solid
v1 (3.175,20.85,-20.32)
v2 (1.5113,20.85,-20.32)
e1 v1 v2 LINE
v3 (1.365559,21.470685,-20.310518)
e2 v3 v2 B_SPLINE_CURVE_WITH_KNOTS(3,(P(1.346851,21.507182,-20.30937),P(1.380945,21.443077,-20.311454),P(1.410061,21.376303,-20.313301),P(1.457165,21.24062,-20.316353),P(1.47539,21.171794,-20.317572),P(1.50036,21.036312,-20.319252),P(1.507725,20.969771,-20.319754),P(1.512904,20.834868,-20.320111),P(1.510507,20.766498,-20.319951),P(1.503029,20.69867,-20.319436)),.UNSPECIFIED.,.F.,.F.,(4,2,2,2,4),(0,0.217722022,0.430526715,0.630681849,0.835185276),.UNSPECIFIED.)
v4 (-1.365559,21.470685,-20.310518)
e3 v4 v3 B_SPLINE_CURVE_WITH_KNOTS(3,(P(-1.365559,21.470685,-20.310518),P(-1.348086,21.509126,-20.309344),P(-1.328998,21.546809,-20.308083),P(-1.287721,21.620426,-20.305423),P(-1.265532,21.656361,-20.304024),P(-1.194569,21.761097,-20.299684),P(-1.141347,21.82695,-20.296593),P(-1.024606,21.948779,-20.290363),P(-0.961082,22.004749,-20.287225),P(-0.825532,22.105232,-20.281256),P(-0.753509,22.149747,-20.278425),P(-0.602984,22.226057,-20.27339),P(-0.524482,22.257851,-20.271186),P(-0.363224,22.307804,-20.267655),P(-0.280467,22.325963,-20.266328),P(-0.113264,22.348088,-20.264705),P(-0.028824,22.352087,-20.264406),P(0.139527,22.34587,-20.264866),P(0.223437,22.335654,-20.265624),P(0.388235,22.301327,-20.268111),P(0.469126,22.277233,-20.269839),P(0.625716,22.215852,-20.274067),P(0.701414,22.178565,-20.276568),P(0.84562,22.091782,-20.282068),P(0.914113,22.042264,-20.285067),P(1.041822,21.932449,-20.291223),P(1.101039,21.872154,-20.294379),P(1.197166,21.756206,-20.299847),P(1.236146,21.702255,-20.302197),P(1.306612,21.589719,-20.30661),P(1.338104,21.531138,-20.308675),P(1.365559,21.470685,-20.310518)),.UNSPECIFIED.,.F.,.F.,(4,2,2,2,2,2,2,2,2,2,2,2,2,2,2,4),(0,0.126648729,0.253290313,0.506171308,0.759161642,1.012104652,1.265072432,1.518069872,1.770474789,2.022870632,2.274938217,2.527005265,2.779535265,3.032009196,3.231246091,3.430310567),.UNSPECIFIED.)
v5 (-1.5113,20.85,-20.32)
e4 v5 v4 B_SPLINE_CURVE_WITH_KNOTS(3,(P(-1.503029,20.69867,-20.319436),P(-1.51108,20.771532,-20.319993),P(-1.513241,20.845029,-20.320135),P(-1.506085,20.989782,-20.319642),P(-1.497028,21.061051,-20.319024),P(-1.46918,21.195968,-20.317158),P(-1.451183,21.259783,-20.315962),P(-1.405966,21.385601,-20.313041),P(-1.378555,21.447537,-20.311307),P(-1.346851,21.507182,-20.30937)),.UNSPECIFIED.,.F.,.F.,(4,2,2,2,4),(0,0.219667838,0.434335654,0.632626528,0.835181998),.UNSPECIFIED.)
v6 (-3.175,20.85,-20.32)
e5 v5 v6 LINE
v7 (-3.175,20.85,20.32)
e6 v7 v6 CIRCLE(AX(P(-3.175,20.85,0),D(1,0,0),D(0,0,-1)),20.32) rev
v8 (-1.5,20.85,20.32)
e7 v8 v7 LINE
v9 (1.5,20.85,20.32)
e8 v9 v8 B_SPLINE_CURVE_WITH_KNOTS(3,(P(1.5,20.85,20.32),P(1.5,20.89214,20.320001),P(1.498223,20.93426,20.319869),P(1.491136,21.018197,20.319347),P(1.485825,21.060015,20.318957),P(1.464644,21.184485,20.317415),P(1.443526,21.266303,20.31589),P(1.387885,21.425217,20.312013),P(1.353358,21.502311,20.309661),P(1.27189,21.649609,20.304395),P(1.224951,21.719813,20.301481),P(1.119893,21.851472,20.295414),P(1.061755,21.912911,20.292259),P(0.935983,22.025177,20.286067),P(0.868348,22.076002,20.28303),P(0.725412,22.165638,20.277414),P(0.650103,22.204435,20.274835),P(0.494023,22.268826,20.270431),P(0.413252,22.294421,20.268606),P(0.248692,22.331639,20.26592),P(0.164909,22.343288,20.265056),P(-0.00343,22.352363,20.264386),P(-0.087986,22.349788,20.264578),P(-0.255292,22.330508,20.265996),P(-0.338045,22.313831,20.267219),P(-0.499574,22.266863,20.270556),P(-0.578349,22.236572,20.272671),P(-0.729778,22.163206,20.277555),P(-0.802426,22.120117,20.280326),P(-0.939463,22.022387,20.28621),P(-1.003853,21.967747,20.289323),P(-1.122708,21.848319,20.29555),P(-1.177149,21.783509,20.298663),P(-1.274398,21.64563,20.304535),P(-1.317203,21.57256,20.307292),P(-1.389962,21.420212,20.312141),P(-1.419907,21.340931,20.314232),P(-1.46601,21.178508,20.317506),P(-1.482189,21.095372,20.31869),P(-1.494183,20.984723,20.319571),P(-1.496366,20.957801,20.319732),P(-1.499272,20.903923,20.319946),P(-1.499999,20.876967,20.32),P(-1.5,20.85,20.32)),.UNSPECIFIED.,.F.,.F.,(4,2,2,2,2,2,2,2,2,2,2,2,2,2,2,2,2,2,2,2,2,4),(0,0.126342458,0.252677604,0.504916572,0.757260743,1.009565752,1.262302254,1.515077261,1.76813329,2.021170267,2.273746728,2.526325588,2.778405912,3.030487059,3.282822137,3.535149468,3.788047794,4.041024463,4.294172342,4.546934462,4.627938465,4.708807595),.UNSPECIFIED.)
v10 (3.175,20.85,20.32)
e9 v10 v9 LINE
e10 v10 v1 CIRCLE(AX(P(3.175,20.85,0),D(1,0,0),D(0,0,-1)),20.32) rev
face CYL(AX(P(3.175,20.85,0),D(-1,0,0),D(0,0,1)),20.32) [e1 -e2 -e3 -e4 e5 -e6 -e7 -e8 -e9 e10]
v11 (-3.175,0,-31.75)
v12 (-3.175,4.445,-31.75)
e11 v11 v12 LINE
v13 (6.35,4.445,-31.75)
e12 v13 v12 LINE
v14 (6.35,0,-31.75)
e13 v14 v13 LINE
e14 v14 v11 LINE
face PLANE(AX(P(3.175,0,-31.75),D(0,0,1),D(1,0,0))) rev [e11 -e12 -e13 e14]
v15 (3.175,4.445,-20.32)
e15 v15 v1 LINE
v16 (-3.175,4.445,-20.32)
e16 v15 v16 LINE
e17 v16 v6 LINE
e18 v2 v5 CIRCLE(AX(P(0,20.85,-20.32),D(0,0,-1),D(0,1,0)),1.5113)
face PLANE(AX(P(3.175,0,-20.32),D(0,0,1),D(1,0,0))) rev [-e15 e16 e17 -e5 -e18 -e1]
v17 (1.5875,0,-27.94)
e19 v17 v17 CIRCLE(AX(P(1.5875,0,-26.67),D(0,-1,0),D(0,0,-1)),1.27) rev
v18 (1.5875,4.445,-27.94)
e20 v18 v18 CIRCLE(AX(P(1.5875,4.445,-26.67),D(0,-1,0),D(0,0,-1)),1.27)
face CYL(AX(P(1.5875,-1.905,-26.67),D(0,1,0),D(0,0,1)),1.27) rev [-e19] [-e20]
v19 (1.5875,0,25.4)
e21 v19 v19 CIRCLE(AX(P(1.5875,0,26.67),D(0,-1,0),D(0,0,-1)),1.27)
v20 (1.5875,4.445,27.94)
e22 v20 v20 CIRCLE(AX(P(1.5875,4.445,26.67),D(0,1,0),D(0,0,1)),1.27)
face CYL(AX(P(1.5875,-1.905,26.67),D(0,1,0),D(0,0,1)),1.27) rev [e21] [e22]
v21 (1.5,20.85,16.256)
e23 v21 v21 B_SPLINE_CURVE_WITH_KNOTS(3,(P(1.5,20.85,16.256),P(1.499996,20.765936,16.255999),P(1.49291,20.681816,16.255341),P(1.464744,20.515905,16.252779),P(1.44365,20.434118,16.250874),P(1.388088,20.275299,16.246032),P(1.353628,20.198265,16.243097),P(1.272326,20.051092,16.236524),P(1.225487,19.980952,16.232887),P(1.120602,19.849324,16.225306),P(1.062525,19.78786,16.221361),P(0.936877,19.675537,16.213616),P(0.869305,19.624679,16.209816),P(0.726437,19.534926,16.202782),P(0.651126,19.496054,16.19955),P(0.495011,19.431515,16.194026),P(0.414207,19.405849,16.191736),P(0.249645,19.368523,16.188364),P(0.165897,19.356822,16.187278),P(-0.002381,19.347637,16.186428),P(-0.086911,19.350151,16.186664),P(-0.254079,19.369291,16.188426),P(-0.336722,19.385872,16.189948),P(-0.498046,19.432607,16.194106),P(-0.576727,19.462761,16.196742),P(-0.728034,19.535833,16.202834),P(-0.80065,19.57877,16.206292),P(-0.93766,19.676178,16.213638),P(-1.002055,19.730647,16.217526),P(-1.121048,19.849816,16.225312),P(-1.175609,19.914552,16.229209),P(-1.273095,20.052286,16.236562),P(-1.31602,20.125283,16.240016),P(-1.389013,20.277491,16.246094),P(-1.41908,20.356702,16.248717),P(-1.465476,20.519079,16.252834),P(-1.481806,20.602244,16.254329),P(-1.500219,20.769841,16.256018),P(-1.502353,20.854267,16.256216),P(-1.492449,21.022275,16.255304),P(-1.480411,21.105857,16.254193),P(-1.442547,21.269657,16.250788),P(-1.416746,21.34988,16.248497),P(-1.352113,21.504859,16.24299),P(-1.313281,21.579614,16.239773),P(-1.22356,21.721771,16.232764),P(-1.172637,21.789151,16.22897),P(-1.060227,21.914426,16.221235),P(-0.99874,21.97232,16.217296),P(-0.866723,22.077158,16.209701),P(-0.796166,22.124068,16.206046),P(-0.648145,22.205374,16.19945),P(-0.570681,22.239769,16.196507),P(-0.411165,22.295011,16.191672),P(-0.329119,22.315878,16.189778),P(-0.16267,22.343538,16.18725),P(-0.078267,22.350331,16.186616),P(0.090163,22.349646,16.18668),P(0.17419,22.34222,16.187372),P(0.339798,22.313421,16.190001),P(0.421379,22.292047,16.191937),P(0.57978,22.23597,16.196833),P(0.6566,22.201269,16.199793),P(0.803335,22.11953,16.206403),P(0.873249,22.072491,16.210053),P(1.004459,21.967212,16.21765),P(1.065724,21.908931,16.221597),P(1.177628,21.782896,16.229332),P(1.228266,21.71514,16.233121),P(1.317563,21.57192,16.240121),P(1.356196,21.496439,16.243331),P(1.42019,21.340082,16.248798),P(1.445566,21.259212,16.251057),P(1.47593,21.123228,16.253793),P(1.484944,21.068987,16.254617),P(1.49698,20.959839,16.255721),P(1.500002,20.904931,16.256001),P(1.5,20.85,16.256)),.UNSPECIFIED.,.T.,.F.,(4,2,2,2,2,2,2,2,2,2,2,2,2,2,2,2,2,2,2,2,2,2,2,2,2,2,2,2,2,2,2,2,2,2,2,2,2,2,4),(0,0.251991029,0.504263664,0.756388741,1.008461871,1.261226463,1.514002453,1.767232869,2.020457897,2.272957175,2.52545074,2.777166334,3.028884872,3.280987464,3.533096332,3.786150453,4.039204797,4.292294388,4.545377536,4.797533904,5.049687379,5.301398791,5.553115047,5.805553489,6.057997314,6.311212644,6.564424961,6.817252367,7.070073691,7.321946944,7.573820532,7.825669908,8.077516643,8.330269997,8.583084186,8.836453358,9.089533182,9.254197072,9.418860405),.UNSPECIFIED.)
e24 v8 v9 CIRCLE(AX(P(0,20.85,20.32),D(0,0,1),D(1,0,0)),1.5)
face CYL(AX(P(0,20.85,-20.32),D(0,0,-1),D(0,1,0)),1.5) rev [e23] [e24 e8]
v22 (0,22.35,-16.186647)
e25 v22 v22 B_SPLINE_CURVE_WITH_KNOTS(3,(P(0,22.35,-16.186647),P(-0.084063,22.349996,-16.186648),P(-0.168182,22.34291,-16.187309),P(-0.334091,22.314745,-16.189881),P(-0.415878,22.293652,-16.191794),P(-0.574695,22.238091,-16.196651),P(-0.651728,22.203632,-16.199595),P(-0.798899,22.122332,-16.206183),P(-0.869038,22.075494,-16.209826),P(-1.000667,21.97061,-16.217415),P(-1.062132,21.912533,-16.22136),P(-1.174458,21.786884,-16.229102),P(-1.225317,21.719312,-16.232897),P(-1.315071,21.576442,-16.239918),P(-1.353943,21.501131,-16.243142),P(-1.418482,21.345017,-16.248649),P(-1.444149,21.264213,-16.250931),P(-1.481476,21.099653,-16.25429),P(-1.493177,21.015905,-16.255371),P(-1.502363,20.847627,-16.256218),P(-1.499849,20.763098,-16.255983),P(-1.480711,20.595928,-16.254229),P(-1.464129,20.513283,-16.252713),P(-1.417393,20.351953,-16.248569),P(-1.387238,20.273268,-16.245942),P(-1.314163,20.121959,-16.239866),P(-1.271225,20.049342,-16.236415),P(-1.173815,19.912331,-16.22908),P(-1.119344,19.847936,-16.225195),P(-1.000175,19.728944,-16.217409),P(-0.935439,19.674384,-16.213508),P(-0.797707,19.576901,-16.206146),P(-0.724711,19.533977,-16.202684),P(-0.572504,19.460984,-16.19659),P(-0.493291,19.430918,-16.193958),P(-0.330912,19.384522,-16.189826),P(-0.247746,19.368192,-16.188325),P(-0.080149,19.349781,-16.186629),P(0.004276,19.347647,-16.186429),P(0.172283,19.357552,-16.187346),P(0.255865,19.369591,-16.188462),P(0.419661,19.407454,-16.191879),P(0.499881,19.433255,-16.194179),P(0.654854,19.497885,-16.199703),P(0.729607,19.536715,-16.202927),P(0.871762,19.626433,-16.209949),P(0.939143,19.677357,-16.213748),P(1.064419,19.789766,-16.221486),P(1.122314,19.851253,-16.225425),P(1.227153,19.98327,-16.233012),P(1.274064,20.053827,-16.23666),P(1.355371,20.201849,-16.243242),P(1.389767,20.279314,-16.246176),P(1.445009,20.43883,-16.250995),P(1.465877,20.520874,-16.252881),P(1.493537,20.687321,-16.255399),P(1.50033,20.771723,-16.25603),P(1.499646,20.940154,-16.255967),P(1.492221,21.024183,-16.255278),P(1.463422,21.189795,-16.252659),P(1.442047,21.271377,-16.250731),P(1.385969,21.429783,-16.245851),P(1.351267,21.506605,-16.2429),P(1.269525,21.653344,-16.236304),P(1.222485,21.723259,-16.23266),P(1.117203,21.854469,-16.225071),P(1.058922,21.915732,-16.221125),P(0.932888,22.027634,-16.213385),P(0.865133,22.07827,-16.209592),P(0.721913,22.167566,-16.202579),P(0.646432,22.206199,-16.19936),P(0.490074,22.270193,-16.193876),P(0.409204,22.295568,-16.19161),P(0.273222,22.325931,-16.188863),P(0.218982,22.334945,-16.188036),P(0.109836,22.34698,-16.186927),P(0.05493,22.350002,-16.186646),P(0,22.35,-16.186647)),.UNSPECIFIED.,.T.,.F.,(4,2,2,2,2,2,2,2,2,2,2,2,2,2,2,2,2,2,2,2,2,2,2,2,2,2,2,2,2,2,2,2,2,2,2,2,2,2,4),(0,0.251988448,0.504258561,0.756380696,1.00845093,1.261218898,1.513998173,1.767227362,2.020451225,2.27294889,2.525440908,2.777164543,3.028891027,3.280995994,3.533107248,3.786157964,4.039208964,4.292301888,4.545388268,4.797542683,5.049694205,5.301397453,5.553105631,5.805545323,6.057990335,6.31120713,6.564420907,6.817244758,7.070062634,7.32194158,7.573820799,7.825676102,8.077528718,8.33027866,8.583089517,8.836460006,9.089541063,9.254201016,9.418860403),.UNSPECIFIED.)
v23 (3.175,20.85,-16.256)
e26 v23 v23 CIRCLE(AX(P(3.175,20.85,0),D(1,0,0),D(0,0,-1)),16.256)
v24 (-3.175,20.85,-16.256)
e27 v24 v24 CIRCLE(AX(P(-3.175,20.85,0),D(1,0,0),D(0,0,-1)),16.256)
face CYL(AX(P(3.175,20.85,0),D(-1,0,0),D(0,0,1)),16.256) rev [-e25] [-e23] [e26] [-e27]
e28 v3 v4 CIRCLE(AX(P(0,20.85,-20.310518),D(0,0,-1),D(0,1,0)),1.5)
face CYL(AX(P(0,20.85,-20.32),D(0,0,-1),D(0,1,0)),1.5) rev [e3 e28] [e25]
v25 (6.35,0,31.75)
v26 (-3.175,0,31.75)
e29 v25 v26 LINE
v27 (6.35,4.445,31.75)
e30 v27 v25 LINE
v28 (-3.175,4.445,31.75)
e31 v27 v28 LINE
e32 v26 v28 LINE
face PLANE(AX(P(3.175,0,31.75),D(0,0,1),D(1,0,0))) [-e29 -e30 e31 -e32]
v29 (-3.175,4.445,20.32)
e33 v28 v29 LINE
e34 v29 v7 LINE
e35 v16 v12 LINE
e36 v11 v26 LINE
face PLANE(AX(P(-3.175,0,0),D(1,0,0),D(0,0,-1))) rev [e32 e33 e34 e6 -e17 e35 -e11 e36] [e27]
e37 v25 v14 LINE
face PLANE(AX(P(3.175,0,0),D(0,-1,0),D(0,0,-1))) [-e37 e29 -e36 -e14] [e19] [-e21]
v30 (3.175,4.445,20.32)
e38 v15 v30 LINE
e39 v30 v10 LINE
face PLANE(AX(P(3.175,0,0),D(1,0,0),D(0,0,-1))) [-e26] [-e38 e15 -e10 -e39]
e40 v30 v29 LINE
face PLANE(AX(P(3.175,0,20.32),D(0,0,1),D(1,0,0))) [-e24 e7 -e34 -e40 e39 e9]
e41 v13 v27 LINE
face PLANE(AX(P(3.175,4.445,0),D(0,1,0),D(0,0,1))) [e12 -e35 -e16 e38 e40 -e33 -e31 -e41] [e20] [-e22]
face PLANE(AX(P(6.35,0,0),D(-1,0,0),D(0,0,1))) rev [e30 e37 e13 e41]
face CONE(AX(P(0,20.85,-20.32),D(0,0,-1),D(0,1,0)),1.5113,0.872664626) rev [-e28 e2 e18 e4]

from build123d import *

# Parameters (mm, degrees)
SKETCH2_R                                         = 16.256
BOSS_EXTRUDE1_DEPTH                               = 3.175
SKETCH3_W                                         = 63.5
SKETCH3_H                                         = 4.445
BOSS_EXTRUDE2_DEPTH                               = 3.175
CSK_FOR_0_FLAT_HEAD_MACHINE_SCREW_100_D           = 3.000000096
CSK_FOR_0_FLAT_HEAD_MACHINE_SCREW_100_CSINK_D     = 3.0226
CSK_FOR_0_FLAT_HEAD_MACHINE_SCREW_100_CSINK_ANGLE = 100
SKETCH6_R                                         = 1.27
CUT_EXTRUDE1_DEPTH                                = 6.35


with BuildPart() as part:
    # Sketch2 → Boss-Extrude1 (new body, symmetric)
    with BuildSketch(Plane(origin=(0, 0, 0), x_dir=(0, 0, -1), z_dir=(1, 0, 0))):
        Polygon((-20.32, 4.445), (20.32, 4.445), (31.75, 4.445), (31.75, 0), (-31.75, 0), (-31.75, 4.445), align=None)
        with BuildLine():
            ThreePointArc((-20.32, 20.85), (0, 41.17), (20.32, 20.85))
            Line((20.32, 20.85), (20.32, 4.445))
            Line((20.32, 4.445), (-20.32, 4.445))
            Line((-20.32, 4.445), (-20.32, 20.85))
        make_face()
        with Locations((0, 20.85)):
            Circle(SKETCH2_R, mode=Mode.SUBTRACT)
    extrude(amount=BOSS_EXTRUDE1_DEPTH, both=True)

    # Sketch3 → Boss-Extrude2 (add)
    with BuildSketch(Plane(origin=(3.175, 0, 0), x_dir=(0, 0, -1), z_dir=(1, 0, 0))):
        with Locations((0, 2.2225)):
            Rectangle(SKETCH3_W, SKETCH3_H)
    extrude(amount=BOSS_EXTRUDE2_DEPTH)

    # CSK for #0 Flat Head Machine Screw (100)1 (through all)
    with Locations(Plane(origin=(0, 0, -20.32), x_dir=(-1, 0, 0), z_dir=(0, 0, -1))):
        with Locations((0, 20.85)):
            CounterSinkHole(CSK_FOR_0_FLAT_HEAD_MACHINE_SCREW_100_D / 2, CSK_FOR_0_FLAT_HEAD_MACHINE_SCREW_100_CSINK_D / 2, counter_sink_angle=CSK_FOR_0_FLAT_HEAD_MACHINE_SCREW_100_CSINK_ANGLE)

    # Sketch6 → Cut-Extrude1 (cut)
    with BuildSketch(Plane(origin=(0, 4.445, 0), x_dir=(1, 0, 0), z_dir=(0, 1, 0))):
        with Locations((1.5875, -26.67)):
            Circle(SKETCH6_R)
    cut_extrude1 = extrude(amount=-CUT_EXTRUDE1_DEPTH, mode=Mode.SUBTRACT)

    # Mirror2: Cut-Extrude1 across plane
    add(cut_extrude1.mirror(Plane.XY), mode=Mode.SUBTRACT)


solid = part.part
